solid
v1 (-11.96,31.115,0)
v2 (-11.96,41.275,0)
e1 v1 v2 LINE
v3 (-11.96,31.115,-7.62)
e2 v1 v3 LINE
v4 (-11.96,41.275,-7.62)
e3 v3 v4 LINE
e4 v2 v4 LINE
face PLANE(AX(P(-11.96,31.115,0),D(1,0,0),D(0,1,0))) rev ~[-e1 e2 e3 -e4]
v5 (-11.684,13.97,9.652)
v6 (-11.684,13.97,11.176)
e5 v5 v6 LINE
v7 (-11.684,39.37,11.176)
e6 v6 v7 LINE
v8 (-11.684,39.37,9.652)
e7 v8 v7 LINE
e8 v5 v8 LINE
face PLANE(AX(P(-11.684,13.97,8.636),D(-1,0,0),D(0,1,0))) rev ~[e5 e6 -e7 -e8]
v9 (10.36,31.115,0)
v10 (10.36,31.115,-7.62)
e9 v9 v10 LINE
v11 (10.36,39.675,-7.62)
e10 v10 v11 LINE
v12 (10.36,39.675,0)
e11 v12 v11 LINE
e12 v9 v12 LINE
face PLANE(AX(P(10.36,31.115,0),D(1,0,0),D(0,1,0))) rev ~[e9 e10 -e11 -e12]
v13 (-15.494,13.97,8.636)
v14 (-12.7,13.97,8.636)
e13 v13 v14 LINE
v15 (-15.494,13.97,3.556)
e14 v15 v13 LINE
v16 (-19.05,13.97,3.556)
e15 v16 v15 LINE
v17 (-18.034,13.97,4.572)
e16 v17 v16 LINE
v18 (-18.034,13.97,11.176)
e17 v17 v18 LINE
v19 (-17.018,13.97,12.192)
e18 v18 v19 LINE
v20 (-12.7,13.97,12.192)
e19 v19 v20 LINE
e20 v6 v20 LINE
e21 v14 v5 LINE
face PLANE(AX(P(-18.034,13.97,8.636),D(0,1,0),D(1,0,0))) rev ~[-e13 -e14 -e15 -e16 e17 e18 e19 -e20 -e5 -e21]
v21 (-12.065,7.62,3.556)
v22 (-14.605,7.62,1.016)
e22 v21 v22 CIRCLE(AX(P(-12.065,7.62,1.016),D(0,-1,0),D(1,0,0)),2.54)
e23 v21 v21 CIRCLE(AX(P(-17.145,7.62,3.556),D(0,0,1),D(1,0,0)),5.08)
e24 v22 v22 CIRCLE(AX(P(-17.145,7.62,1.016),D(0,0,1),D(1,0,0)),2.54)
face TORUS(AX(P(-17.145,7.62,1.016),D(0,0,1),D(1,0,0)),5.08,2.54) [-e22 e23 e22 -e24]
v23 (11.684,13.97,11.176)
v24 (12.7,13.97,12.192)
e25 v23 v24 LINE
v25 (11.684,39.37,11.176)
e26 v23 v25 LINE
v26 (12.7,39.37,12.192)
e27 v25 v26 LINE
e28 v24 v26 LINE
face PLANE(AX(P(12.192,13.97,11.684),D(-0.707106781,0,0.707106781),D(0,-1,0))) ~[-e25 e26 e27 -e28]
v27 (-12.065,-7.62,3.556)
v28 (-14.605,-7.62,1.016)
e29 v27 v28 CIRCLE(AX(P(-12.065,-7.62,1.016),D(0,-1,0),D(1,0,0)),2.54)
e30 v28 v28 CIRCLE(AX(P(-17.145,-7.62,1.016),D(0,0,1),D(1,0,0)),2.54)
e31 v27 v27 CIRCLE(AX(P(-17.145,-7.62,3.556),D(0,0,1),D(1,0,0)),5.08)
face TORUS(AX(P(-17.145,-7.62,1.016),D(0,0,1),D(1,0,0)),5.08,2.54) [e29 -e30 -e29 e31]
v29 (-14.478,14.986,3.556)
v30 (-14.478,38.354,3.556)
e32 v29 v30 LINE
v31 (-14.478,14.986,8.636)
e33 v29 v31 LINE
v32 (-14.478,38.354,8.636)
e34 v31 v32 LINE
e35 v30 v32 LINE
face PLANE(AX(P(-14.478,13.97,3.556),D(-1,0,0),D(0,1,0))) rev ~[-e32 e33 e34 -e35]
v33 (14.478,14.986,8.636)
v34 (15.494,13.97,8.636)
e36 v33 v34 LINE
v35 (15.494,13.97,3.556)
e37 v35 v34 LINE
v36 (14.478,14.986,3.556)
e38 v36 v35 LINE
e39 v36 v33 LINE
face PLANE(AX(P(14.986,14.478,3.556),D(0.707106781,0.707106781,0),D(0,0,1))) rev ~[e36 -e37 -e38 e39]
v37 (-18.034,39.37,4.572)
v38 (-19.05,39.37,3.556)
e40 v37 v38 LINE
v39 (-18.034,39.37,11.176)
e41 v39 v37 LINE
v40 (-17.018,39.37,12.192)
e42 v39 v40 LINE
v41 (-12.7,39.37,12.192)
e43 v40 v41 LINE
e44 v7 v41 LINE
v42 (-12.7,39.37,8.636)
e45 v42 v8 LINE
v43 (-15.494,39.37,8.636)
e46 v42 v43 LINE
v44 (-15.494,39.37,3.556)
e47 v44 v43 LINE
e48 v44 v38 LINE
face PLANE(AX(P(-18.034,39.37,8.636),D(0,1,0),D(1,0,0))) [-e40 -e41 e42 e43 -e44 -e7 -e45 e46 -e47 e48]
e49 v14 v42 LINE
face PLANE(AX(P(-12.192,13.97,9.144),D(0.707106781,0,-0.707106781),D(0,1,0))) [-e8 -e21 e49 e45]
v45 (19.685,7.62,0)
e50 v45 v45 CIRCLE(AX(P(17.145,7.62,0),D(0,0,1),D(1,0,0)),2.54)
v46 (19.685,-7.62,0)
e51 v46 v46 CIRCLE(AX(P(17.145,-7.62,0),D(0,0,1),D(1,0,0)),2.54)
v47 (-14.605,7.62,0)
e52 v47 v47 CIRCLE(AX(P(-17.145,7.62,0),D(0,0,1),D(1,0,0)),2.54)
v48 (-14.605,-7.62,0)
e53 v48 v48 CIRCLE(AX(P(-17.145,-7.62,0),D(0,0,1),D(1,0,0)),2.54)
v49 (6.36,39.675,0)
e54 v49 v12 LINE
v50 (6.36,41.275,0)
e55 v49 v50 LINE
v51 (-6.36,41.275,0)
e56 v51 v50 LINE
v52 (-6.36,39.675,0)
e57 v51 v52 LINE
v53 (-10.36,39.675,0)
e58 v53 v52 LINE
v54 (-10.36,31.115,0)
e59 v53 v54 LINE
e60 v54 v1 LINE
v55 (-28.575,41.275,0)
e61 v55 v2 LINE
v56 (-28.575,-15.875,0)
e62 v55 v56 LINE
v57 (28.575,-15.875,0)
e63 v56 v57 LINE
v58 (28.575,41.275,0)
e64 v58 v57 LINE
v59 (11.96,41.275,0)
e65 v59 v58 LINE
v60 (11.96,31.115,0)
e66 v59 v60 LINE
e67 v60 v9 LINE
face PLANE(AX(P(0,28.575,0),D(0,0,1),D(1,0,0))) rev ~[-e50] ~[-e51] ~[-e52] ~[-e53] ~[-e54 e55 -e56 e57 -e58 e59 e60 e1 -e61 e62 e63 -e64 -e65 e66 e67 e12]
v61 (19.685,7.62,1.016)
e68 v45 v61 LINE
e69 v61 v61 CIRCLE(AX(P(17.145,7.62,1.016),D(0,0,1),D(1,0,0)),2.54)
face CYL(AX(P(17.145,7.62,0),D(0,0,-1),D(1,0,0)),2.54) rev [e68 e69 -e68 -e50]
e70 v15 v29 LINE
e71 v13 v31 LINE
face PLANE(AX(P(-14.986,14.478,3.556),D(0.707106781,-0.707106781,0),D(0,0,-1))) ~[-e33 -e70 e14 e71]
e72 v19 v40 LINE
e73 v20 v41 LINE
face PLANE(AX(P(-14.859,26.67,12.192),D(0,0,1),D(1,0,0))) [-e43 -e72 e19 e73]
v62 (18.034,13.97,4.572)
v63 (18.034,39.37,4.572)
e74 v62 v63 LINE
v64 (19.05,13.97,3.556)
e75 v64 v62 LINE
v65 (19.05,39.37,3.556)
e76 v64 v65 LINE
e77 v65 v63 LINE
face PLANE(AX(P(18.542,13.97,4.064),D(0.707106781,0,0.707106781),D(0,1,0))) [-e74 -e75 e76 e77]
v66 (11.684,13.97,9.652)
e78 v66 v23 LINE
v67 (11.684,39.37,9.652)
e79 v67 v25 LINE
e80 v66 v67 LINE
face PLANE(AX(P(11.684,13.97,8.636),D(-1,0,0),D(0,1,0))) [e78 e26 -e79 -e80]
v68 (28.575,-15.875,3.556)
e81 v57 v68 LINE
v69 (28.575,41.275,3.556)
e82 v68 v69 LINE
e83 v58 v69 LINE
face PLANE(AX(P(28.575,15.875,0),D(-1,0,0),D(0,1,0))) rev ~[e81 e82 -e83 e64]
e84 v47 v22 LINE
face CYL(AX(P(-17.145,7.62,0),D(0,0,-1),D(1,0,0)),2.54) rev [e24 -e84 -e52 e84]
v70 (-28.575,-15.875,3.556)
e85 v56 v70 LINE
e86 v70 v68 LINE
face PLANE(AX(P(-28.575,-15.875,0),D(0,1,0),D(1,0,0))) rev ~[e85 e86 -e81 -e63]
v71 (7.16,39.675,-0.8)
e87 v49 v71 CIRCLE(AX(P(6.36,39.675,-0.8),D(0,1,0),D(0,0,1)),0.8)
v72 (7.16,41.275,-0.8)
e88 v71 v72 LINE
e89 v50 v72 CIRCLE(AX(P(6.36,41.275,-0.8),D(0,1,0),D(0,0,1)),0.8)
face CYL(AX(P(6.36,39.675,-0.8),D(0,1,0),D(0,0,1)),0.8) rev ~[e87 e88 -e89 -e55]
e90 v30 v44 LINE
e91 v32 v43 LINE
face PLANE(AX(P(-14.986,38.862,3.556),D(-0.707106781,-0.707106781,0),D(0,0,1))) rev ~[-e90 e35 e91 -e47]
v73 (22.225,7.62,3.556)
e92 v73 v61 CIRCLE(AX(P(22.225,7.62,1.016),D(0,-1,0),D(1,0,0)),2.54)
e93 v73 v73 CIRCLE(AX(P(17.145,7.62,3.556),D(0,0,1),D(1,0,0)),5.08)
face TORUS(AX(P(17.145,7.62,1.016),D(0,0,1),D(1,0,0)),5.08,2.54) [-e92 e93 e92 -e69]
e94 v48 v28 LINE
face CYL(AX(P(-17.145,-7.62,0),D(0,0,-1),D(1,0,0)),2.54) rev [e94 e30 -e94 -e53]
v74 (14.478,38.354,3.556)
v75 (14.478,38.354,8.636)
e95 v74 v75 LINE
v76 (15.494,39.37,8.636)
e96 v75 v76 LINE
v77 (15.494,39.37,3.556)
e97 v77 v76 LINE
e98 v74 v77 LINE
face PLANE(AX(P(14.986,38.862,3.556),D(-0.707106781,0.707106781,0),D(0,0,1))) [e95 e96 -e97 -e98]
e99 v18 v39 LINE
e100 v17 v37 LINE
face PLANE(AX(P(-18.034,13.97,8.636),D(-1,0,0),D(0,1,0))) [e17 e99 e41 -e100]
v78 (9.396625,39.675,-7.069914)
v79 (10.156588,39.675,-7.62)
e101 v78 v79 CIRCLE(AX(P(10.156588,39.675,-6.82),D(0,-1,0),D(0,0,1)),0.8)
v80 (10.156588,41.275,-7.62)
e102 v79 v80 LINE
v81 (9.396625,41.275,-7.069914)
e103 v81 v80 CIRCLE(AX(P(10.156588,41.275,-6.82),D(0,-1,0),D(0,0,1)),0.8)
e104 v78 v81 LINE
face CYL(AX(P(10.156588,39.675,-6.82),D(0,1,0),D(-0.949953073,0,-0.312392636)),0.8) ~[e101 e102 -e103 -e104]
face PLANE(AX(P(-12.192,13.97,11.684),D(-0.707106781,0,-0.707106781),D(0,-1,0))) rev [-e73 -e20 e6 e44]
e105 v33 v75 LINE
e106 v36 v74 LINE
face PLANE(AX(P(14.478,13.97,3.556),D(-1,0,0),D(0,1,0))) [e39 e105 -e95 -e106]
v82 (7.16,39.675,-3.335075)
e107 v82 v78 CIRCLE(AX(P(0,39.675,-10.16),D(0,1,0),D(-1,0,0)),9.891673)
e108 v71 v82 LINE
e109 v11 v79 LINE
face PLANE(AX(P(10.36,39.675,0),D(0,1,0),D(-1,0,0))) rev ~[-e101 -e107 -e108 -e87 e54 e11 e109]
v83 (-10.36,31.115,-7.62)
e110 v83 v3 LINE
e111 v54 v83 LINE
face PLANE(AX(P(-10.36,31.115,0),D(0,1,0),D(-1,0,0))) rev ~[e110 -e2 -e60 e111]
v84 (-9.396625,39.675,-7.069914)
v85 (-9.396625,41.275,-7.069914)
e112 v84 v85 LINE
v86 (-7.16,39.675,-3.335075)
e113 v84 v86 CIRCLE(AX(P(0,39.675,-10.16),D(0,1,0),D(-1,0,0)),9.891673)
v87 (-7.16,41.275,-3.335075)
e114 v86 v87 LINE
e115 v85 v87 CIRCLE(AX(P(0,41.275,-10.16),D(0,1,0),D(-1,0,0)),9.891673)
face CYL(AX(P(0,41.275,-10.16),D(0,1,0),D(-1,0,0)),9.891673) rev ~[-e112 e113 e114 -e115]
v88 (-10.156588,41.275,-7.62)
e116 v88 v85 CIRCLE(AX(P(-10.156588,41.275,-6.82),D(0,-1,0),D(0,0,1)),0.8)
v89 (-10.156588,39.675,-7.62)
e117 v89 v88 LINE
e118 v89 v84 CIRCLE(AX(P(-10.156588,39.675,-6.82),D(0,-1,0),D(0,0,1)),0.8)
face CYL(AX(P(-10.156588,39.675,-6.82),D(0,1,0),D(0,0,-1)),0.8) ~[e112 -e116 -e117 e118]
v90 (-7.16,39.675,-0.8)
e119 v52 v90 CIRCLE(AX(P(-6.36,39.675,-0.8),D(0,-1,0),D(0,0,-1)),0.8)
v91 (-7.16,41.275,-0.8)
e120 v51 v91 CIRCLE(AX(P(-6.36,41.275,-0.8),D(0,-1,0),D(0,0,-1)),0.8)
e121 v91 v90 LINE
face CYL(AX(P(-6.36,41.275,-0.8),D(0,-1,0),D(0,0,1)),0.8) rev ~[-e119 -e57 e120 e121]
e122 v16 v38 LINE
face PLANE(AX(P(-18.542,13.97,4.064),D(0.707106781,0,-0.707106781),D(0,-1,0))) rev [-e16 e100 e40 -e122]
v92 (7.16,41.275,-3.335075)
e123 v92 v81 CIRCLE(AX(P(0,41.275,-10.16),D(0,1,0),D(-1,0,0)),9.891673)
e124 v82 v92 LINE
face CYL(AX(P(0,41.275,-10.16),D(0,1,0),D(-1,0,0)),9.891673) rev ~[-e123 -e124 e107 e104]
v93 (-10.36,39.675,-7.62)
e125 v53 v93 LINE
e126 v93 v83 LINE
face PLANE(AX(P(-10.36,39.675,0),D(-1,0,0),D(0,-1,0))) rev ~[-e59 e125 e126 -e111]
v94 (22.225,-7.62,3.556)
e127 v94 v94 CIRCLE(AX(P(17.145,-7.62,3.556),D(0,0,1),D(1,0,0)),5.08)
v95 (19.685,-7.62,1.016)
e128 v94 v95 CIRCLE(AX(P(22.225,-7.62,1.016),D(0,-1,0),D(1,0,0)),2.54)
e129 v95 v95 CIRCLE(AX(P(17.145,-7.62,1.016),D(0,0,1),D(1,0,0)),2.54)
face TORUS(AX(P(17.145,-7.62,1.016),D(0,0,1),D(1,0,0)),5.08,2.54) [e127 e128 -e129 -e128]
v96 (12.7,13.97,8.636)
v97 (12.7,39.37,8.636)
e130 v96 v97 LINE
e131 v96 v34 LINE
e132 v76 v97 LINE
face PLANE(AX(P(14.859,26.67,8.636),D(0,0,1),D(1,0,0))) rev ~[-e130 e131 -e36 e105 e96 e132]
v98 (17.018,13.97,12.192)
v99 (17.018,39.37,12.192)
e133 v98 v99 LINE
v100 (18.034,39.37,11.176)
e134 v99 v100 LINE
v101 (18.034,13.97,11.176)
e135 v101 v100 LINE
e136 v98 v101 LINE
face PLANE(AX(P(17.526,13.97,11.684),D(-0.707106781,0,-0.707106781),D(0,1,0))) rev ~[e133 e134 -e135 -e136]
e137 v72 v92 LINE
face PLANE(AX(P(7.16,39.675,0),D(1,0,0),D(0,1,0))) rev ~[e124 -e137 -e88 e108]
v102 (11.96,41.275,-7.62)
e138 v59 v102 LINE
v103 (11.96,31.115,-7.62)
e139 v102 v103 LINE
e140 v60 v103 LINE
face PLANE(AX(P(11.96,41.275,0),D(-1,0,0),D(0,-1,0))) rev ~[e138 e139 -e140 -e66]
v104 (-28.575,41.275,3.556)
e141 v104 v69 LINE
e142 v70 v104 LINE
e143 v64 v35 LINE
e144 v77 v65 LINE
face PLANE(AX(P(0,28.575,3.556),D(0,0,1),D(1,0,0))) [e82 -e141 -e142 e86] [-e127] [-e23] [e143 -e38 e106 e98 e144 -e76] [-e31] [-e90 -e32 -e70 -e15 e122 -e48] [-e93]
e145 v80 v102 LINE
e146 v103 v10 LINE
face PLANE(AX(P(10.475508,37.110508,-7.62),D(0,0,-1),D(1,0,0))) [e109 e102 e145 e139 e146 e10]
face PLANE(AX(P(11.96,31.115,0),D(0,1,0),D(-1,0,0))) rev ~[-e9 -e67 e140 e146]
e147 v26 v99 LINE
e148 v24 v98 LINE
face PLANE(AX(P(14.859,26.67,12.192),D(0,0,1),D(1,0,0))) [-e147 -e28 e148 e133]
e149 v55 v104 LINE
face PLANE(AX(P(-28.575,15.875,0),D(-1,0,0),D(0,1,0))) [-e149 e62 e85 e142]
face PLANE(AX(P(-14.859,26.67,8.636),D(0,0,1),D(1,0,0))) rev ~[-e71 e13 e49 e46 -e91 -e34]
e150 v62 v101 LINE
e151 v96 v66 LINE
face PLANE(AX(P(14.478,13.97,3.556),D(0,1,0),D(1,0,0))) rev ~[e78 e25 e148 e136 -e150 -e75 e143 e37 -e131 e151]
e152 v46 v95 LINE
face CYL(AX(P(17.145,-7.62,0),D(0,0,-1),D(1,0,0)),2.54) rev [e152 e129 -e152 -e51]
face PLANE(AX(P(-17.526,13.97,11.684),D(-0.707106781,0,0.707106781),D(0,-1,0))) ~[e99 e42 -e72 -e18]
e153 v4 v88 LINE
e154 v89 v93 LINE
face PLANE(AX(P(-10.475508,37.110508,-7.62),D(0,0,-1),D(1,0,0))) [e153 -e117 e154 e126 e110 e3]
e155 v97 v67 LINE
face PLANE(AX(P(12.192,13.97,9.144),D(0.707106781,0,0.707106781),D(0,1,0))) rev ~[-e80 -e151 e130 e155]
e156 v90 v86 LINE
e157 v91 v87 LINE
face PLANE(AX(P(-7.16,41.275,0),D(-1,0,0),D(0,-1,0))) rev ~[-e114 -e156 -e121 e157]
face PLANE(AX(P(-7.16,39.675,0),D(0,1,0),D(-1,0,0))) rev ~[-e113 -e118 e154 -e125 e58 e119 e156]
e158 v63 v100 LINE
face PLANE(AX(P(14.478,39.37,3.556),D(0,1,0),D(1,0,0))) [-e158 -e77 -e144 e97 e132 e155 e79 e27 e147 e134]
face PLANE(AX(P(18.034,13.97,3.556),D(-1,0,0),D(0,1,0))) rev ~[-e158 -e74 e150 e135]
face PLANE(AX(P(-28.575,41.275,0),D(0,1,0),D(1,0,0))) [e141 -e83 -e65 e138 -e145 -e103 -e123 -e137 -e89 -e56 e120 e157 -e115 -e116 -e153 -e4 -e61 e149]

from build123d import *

# Parameters (mm, degrees)
F0_W      = 57.15
F0_H      = 31.75
F0_R      = 2.54
F1_DEPTH  = 3.556
F2_W      = 57.15
F2_H      = 25.4
F3_DEPTH  = 3.556
F4_R      = 2.54
F5_W      = 3.556
F5_H      = 25.4
F6_DEPTH  = 5.08
F7_W      = 6.35
F7_H      = 25.4
F8_DEPTH  = 3.556
F9_SIZE   = 1.016
F11_DEPTH = 7.62
F12_R     = 9.8916732659
F13_DEPTH = 25.4
F14_R     = 0.8


with BuildPart() as f1:
    # F0 (on Top) → F1 (new body)
    with BuildSketch(Plane.XY):
        Rectangle(F0_W, F0_H)
        with Locations((-17.145, -7.62)):
            Circle(F0_R, mode=Mode.SUBTRACT)
        with Locations((17.145, -7.62)):
            Circle(F0_R, mode=Mode.SUBTRACT)
        with Locations((-17.145, 7.62)):
            Circle(F0_R, mode=Mode.SUBTRACT)
        with Locations((17.145, 7.62)):
            Circle(F0_R, mode=Mode.SUBTRACT)
    extrude(amount=F1_DEPTH)

    # F2 (on Top) → F3 (join)
    with BuildSketch(Plane.XY):
        with Locations((0, 28.575)):
            Rectangle(F2_W, F2_H)
    extrude(amount=F3_DEPTH)

    # F4
    f4_edges = [f1.edges().sort_by_distance(p)[0] for p in [
        (-19.685, 7.62, 3.556),
        (14.605, 7.62, 3.556),
        (14.605, -7.62, 3.556),
        (-19.685, -7.62, 3.556),
    ]]
    fillet(f4_edges, radius=F4_R)

    # F5 (on face) → F6 (join)
    with BuildSketch(Plane.XY.offset(3.556)):
        with Locations((-16.256, 26.67)):
            Rectangle(F5_W, F5_H)
        with Locations((16.256, 26.67)):
            Rectangle(F5_W, F5_H)
    extrude(amount=F6_DEPTH)

    # F7 (on face) → F8 (join)
    with BuildSketch(Plane.XY.offset(8.636)):
        with Locations((-14.859, 26.67)):
            Rectangle(F7_W, F7_H)
        with Locations((14.859, 26.67)):
            Rectangle(F7_W, F7_H)
    extrude(amount=F8_DEPTH)

    # F9
    f9_edges = [f1.edges().sort_by_distance(p)[0] for p in [
        (-11.684, 26.67, 12.192),
        (-11.684, 26.67, 8.636),
        (11.684, 26.67, 12.192),
        (11.684, 26.67, 8.636),
        (18.034, 26.67, 12.192),
        (-18.034, 26.67, 12.192),
        (18.034, 26.67, 3.556),
        (-18.034, 26.67, 3.556),
        (14.478, 39.37, 6.096),
        (-14.478, 39.37, 6.096),
        (-14.478, 13.97, 6.096),
        (14.478, 13.97, 6.096),
    ]]
    chamfer(f9_edges, length=F9_SIZE)

    # F10 (on face) → F11 (join)
    with BuildSketch(Plane(origin=(0, 0, 0), x_dir=(1, 0, 0), z_dir=(0, 0, -1))):
        Polygon((-11.96, -41.275), (-7.16, -41.275), (-7.16, -39.675), (-10.36, -39.675), (-10.36, -31.115), (-11.96, -31.115), align=None)
        Polygon((10.36, -31.115), (10.36, -39.675), (7.16, -39.675), (7.16, -41.275), (11.96, -41.275), (11.96, -31.115), align=None)
    extrude(amount=F11_DEPTH)

    # F12 (on face) → F13 (cut)
    with BuildSketch(Plane(origin=(0, 41.275, 0), x_dir=(-1, 0, 0), z_dir=(0, 1, 0))):
        with Locations((0, -10.16)):
            Circle(F12_R)
    extrude(amount=-F13_DEPTH, mode=Mode.SUBTRACT)

    # F14
    f14_edges = [f1.edges().sort_by_distance(p)[0] for p in [
        (9.56, 40.475, -7.62),
        (-9.56, 40.475, -7.62),
        (-7.16, 40.475, 0),
        (7.16, 40.475, 0),
    ]]
    fillet(f14_edges, radius=F14_R)


solid = f1.part
